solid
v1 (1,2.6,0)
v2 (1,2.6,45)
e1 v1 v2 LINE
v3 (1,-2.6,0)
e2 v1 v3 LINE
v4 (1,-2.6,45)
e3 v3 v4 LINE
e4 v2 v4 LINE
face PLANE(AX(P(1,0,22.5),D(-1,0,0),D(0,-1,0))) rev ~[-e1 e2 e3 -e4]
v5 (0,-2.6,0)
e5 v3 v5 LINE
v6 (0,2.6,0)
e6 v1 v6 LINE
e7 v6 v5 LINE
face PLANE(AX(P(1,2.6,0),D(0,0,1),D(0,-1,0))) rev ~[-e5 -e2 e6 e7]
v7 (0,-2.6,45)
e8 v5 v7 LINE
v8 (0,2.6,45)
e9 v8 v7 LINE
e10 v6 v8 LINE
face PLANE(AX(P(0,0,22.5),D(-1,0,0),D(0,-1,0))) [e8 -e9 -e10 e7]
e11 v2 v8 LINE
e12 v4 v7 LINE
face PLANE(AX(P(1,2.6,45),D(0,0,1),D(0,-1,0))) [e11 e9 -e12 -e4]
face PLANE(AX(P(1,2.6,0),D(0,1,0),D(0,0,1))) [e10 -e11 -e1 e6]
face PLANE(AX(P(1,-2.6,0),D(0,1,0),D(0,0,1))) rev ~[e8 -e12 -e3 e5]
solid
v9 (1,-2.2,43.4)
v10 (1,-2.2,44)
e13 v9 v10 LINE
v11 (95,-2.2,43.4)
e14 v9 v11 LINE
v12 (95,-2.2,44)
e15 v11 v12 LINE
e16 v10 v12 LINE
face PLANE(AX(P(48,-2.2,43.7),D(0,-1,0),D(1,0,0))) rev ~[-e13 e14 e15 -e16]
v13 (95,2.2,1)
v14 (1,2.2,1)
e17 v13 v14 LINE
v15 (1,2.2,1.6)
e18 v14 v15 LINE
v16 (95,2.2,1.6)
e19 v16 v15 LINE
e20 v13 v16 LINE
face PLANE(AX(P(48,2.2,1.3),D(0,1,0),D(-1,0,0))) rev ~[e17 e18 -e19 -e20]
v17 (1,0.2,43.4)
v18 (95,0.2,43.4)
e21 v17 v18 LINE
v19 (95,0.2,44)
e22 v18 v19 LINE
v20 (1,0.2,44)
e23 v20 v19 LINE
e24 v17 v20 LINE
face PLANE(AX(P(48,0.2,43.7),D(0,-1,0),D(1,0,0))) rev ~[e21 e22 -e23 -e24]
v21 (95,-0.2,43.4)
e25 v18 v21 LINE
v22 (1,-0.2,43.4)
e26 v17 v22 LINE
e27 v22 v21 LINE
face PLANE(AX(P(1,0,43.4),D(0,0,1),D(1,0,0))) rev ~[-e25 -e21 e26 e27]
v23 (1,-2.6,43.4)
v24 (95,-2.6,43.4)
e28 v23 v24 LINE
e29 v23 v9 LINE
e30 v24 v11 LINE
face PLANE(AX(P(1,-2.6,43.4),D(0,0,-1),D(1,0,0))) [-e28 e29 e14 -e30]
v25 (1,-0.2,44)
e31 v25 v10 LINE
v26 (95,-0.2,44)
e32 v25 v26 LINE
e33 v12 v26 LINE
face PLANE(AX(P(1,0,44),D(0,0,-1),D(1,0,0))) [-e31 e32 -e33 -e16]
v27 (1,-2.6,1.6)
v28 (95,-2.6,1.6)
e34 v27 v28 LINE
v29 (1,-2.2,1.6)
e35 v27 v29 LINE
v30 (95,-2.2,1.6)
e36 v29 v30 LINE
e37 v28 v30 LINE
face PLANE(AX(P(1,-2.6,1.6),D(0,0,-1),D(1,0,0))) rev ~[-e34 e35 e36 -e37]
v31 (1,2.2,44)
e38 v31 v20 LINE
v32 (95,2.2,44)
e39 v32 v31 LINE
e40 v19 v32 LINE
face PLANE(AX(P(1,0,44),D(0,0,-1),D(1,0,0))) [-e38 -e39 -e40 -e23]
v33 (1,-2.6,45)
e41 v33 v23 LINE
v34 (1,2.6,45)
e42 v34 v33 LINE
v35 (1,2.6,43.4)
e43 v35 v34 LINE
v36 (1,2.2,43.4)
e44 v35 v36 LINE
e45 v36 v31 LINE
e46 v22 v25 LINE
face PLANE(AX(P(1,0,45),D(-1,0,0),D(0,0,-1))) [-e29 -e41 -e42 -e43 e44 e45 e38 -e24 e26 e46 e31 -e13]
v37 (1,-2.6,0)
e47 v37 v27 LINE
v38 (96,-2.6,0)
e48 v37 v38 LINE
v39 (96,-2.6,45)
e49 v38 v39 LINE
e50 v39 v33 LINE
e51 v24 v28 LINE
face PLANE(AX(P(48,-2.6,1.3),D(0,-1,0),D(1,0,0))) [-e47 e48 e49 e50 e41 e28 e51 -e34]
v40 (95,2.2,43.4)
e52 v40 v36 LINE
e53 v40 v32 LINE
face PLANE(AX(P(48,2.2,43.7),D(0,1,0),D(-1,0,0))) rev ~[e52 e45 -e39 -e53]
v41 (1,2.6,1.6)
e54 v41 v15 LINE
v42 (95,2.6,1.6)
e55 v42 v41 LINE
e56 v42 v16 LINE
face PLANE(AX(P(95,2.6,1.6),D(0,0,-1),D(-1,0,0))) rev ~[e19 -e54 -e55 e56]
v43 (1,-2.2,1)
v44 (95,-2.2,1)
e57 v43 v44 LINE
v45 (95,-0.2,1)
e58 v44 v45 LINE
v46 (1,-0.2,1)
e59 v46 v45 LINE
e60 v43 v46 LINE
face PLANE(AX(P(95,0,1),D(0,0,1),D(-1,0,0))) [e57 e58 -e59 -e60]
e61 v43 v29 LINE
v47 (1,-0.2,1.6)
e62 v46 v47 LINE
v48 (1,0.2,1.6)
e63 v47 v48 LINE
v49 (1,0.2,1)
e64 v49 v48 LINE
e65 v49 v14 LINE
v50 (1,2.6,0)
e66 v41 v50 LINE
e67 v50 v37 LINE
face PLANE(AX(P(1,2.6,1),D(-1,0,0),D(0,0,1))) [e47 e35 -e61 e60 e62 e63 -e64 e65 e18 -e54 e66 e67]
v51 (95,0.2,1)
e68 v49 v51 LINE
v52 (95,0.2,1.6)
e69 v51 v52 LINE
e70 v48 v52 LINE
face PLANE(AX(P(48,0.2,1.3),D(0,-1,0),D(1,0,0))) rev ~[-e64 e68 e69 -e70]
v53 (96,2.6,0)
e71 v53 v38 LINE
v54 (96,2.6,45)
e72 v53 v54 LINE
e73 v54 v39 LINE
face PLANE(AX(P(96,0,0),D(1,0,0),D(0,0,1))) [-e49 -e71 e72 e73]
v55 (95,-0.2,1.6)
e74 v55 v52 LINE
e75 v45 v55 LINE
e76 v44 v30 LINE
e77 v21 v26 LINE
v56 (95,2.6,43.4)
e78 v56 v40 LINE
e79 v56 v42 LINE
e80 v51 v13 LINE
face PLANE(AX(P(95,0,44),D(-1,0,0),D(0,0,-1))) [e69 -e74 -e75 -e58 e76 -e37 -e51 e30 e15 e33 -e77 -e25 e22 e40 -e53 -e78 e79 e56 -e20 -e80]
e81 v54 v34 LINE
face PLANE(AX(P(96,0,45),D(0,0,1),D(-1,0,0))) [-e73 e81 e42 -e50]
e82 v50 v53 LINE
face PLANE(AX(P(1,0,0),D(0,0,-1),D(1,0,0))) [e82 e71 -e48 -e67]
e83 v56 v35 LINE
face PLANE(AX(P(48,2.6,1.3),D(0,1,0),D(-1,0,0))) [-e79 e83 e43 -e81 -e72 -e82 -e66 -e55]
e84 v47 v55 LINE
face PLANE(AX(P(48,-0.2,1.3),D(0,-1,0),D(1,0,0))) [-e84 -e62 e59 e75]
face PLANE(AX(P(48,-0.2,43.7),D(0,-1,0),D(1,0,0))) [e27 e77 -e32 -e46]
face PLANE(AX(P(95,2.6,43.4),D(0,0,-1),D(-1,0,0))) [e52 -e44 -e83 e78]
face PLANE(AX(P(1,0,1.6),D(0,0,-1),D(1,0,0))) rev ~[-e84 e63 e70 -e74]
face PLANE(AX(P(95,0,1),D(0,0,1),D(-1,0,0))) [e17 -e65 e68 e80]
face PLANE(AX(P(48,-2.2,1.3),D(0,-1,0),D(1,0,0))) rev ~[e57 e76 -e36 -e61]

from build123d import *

# Parameters (mm, degrees)
F1_DEPTH = 2.6
F2_W     = 94
F2_H     = 0.6
F3_DEPTH = 0.2
F4_W     = 94
F4_H     = 0.6
F5_DEPTH = 0.4
F6_W     = 94
F6_H     = 0.6
F7_DEPTH = 0.4
F8_W     = 5.2
F8_H     = 45
F9_DEPTH = 1


with BuildPart() as f1:
    # F0 (on Front) → F1 (new body, symmetric)
    with BuildSketch(Plane.XZ):
        Polygon((1, 1), (1, 0), (96, 0), (96, 45), (1, 45), (1, 44), (95, 44), (95, 1), align=None)
    extrude(amount=F1_DEPTH, both=True)

    # F2 (on Front) → F3 (join, symmetric)
    with BuildSketch(Plane.XZ):
        with Locations((48, 43.7)):
            Rectangle(F2_W, F2_H)
        with Locations((48, 1.3)):
            Rectangle(F2_W, F2_H)
    extrude(amount=F3_DEPTH, both=True)

    # F4 (on face) → F5 (join)
    with BuildSketch(Plane.XZ.offset(2.6)):
        with Locations((48, 1.3)):
            Rectangle(F4_W, F4_H)
        with Locations((48, 43.7)):
            Rectangle(F4_W, F4_H)
    extrude(amount=-F5_DEPTH)

    # F6 (on face) → F7 (join)
    with BuildSketch(Plane(origin=(0, 2.6, 0), x_dir=(-1, 0, 0), z_dir=(0, 1, 0))):
        with Locations((-48, 1.3)):
            Rectangle(F6_W, F6_H)
        with Locations((-48, 43.7)):
            Rectangle(F6_W, F6_H)
    extrude(amount=-F7_DEPTH)


with BuildPart() as f9:
    # F8 (on face) → F9 (new body)
    with BuildSketch(Plane(origin=(1, 0, 0), x_dir=(0, -1, 0), z_dir=(-1, 0, 0))):
        with Locations((0, 22.5)):
            Rectangle(F8_W, F8_H)
    extrude(amount=F9_DEPTH)


solid = Compound([f1.part, f9.part])
